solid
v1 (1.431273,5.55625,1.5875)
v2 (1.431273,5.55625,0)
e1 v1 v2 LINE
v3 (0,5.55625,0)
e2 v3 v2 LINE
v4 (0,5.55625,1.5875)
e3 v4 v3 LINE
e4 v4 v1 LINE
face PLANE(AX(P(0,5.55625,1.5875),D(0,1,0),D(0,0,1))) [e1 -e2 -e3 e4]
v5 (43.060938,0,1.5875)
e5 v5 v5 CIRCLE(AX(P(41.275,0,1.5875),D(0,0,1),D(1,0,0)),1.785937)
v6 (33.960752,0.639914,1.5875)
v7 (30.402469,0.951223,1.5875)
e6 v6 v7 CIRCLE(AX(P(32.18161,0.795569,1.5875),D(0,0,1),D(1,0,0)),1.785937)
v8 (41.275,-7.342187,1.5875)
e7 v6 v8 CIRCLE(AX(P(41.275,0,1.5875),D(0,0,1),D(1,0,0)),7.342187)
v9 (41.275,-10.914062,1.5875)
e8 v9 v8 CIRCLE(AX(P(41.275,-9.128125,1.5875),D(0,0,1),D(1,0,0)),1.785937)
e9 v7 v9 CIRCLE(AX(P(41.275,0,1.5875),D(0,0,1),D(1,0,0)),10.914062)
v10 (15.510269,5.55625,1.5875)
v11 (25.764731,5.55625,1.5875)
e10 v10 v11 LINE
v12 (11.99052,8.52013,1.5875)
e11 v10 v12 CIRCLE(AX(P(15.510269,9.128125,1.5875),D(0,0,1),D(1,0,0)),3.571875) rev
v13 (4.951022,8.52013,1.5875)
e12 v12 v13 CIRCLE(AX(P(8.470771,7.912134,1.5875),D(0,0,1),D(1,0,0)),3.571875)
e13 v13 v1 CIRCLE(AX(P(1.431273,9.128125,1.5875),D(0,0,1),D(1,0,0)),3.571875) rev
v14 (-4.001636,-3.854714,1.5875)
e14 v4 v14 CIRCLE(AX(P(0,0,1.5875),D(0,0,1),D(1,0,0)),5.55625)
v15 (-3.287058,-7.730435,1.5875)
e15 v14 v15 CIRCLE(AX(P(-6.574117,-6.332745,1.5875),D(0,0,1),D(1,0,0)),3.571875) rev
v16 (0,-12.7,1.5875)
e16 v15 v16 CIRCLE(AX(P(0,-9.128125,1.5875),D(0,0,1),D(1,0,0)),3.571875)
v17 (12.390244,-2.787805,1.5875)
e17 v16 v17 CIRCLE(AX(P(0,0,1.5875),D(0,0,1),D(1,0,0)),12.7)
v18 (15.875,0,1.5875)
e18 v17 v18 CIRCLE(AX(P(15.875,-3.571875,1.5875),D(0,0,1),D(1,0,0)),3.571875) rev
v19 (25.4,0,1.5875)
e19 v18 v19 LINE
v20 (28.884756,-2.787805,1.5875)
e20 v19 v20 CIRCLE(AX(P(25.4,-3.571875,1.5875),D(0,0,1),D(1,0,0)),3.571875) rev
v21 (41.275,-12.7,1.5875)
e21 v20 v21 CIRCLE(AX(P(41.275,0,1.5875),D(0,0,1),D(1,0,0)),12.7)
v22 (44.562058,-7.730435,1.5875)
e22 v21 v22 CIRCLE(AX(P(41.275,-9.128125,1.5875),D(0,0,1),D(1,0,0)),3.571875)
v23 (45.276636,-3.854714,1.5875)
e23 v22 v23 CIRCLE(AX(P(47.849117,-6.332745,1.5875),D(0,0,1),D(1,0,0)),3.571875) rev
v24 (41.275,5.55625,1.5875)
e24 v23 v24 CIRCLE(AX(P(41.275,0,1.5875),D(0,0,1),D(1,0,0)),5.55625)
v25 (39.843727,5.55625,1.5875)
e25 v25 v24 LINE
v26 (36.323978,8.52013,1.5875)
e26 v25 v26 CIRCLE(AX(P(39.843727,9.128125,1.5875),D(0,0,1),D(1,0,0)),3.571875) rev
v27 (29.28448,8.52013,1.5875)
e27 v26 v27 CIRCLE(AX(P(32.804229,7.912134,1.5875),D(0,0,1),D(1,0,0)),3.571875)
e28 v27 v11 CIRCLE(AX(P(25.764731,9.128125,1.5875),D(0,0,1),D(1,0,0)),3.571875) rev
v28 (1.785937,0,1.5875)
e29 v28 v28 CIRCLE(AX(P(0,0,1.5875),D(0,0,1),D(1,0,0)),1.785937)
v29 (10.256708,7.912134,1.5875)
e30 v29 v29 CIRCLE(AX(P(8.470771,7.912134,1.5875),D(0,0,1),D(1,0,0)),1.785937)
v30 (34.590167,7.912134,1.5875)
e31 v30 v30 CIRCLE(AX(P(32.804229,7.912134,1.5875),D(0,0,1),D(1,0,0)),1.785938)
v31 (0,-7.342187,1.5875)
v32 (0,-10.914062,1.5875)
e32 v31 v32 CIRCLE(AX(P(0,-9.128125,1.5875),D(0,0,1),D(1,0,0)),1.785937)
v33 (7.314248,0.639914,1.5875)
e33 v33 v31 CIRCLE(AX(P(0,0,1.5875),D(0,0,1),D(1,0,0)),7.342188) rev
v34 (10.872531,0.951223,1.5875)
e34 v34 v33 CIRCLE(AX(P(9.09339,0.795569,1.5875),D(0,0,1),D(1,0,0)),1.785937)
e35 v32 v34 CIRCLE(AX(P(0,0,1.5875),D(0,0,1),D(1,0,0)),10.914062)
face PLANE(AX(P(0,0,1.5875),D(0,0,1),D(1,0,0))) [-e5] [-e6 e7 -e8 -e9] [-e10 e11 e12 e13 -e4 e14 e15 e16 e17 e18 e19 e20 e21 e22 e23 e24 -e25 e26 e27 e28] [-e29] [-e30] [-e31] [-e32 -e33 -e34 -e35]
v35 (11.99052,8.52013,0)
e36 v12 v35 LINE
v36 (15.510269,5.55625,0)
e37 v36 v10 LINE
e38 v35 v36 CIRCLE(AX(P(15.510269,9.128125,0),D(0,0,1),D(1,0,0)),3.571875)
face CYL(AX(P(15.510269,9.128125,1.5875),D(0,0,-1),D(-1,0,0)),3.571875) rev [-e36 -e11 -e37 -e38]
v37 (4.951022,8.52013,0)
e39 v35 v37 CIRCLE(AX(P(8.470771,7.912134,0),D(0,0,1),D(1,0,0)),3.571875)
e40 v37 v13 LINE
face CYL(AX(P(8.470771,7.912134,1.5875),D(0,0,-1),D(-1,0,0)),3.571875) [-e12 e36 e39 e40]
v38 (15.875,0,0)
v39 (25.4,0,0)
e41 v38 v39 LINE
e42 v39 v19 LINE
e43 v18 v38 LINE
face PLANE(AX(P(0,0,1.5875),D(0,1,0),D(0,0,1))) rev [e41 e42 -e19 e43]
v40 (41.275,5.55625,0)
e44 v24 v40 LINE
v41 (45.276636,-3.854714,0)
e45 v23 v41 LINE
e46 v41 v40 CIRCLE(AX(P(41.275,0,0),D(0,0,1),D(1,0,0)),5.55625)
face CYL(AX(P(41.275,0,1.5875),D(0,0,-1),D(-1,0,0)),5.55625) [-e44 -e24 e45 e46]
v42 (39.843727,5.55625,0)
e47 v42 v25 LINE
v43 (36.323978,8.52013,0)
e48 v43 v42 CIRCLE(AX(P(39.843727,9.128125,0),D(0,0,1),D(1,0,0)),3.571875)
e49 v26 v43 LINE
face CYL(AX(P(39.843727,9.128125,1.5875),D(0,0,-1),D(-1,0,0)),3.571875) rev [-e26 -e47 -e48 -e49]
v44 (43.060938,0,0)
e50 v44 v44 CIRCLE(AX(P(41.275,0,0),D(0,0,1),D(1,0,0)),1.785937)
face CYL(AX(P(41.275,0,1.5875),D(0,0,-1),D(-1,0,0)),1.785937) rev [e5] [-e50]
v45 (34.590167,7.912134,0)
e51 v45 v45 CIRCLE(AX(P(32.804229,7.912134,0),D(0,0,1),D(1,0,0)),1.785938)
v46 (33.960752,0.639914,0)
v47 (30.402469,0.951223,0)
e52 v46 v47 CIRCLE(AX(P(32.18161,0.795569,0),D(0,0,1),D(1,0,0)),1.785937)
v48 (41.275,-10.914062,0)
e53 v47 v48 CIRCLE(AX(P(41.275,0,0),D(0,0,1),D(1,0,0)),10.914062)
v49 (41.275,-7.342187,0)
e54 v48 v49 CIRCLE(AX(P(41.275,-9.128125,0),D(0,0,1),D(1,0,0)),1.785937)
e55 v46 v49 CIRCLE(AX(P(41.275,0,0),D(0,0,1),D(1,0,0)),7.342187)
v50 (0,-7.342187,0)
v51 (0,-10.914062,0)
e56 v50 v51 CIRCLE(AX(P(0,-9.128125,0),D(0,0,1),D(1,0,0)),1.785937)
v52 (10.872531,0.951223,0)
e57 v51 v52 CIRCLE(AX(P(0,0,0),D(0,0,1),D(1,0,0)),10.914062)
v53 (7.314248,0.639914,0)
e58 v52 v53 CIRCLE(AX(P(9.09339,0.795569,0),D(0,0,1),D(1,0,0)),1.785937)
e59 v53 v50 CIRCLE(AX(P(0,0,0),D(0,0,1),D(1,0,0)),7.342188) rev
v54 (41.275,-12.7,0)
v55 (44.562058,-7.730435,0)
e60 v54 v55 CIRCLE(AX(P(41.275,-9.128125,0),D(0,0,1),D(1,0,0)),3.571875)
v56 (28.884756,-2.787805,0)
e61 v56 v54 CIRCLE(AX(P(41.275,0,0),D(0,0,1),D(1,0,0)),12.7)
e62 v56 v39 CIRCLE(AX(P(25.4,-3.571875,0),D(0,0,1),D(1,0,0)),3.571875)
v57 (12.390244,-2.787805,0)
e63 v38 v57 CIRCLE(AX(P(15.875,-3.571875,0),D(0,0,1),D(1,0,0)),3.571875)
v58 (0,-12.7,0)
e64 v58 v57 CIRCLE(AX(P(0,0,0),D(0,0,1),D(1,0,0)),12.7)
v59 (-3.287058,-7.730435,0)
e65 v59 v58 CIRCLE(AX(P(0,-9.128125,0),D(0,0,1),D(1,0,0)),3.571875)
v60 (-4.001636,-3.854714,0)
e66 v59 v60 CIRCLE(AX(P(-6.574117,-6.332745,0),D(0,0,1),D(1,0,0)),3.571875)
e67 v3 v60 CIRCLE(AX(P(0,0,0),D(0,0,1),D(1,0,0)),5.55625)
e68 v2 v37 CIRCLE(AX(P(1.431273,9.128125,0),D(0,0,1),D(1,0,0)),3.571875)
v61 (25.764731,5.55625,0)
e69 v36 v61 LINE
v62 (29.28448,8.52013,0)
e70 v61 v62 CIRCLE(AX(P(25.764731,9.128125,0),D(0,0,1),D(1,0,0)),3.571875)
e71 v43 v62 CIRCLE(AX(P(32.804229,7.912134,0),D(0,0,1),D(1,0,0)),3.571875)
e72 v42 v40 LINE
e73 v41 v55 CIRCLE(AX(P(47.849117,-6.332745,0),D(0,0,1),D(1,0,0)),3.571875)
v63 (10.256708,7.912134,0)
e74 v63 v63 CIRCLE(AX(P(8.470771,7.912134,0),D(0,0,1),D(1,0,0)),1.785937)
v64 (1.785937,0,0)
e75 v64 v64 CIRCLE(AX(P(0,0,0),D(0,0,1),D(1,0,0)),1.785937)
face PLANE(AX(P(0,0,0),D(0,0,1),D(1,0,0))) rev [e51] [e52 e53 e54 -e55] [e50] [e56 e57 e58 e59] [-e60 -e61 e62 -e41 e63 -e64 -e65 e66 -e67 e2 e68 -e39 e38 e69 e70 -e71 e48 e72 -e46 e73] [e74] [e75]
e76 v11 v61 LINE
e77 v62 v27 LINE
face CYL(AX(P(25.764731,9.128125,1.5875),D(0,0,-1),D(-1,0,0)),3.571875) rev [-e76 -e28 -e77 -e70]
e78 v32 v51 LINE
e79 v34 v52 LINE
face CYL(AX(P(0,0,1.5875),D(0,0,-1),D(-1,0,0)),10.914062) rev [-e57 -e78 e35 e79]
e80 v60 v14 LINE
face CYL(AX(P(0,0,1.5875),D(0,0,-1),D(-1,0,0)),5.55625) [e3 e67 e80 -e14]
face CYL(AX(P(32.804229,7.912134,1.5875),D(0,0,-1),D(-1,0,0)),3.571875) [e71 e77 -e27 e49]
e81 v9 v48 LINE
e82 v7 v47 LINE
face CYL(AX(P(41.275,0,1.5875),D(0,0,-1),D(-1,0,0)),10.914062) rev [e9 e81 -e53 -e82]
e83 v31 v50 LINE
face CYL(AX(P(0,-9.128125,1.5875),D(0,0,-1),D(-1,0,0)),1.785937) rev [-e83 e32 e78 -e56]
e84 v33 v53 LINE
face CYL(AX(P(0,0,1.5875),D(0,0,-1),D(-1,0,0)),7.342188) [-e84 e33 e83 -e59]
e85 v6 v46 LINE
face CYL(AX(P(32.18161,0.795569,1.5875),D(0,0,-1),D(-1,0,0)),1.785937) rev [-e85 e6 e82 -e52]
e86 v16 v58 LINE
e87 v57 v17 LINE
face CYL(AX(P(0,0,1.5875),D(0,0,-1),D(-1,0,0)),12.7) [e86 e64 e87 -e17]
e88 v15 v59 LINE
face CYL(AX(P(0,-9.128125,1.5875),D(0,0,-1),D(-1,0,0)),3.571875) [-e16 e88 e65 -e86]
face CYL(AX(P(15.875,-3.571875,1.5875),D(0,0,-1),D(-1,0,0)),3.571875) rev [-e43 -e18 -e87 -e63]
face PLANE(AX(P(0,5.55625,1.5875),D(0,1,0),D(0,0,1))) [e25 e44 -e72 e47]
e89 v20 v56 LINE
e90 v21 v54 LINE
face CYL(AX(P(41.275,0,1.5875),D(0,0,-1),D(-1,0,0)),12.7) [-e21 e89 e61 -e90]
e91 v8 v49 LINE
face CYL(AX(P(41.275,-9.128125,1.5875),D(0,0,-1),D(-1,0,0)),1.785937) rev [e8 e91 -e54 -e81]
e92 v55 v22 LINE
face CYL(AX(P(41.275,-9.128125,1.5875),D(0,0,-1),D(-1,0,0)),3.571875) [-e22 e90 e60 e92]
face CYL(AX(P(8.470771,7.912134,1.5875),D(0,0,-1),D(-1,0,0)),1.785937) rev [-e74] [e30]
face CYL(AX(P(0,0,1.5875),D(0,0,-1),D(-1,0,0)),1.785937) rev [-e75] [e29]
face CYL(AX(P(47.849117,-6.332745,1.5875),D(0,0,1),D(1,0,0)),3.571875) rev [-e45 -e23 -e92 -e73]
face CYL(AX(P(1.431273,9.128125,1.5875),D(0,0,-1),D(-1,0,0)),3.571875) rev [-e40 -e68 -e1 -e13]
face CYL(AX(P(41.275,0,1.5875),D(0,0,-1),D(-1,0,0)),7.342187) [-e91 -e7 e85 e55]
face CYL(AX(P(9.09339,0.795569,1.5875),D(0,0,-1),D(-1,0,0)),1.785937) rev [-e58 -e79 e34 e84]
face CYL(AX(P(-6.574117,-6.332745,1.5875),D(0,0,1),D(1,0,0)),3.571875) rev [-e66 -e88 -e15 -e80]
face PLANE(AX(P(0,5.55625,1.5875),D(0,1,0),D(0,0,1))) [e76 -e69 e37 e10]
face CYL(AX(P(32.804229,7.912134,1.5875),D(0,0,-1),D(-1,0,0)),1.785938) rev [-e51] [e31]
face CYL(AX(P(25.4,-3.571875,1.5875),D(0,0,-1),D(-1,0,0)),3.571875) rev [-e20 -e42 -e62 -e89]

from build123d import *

# Parameters (mm, degrees)
SKETCH1_R           = 1.7859375
BOSS_EXTRUDE1_DEPTH = 1.5875
FILLET1_R           = 3.571875


with BuildPart() as part:
    # Sketch1 → Boss-Extrude1 (new body)
    with BuildSketch(Plane.XY):
        with BuildLine():
            ThreePointArc((41.275, -12.7), (44.846875, -9.128125), (41.275, -5.55625))
            ThreePointArc((41.275, -5.55625), (46.83125, 0), (41.275, 5.55625))
            Line((41.275, 5.55625), (35.489019559, 5.55625))
            ThreePointArc((35.489019559, 5.55625), (32.804229109, 11.484009389), (30.119438658, 5.55625))
            Line((30.119438658, 5.55625), (11.155561342, 5.55625))
            ThreePointArc((11.155561342, 5.55625), (8.470770891, 11.484009389), (5.785980441, 5.55625))
            Line((5.785980441, 5.55625), (0, 5.55625))
            ThreePointArc((0, 5.55625), (-5.55625, 0), (0, -5.55625))
            ThreePointArc((0, -5.55625), (-3.571875, -9.128125), (0, -12.7))
            ThreePointArc((0, -12.7), (8.980256121, -8.980256121), (12.7, 0))
            Line((12.7, 0), (28.575, 0))
            ThreePointArc((28.575, 0), (32.294743879, -8.980256121), (41.275, -12.7))
        make_face()
        with BuildLine():
            ThreePointArc((0, -10.9140625), (-1.7859375, -9.128125), (0, -7.3421875))
            ThreePointArc((0, -7.3421875), (5.413228446, -4.960309977), (7.31424826, 0.639913805))
            ThreePointArc((7.31424826, 0.639913805), (8.937735019, 2.574709983), (10.872531197, 0.951223224))
            ThreePointArc((10.872531197, 0.951223224), (8.046690934, -7.37343375), (0, -10.9140625))
        make_face(mode=Mode.SUBTRACT)
        with BuildLine():
            ThreePointArc((33.96075174, 0.639913805), (35.861771554, -4.960309977), (41.275, -7.3421875))
            ThreePointArc((41.275, -7.3421875), (43.0609375, -9.128125), (41.275, -10.9140625))
            ThreePointArc((41.275, -10.9140625), (33.228309066, -7.37343375), (30.402468803, 0.951223224))
            ThreePointArc((30.402468803, 0.951223224), (32.337264981, 2.574709983), (33.96075174, 0.639913805))
        make_face(mode=Mode.SUBTRACT)
        Circle(SKETCH1_R, mode=Mode.SUBTRACT)
        with Locations((8.470770891, 7.912134389)):
            Circle(SKETCH1_R, mode=Mode.SUBTRACT)
        with Locations((41.275, 0)):
            Circle(SKETCH1_R, mode=Mode.SUBTRACT)
        with Locations((32.804229109, 7.912134389)):
            Circle(SKETCH1_R, mode=Mode.SUBTRACT)
    extrude(amount=BOSS_EXTRUDE1_DEPTH)

    # Fillet1
    fillet1_edges = [part.edges().sort_by_distance(p)[0] for p in [
        (5.785980441, 5.55625, 0.79375),
        (11.155561342, 5.55625, 0.79375),
        (30.119438658, 5.55625, 0.79375),
        (35.489019559, 5.55625, 0.79375),
        (41.275, -5.55625, 0.79375),
        (28.575, 0, 0.79375),
        (12.7, 0, 0.79375),
        (0, -5.55625, 0.79375),
    ]]
    fillet(fillet1_edges, radius=FILLET1_R)


solid = part.part
